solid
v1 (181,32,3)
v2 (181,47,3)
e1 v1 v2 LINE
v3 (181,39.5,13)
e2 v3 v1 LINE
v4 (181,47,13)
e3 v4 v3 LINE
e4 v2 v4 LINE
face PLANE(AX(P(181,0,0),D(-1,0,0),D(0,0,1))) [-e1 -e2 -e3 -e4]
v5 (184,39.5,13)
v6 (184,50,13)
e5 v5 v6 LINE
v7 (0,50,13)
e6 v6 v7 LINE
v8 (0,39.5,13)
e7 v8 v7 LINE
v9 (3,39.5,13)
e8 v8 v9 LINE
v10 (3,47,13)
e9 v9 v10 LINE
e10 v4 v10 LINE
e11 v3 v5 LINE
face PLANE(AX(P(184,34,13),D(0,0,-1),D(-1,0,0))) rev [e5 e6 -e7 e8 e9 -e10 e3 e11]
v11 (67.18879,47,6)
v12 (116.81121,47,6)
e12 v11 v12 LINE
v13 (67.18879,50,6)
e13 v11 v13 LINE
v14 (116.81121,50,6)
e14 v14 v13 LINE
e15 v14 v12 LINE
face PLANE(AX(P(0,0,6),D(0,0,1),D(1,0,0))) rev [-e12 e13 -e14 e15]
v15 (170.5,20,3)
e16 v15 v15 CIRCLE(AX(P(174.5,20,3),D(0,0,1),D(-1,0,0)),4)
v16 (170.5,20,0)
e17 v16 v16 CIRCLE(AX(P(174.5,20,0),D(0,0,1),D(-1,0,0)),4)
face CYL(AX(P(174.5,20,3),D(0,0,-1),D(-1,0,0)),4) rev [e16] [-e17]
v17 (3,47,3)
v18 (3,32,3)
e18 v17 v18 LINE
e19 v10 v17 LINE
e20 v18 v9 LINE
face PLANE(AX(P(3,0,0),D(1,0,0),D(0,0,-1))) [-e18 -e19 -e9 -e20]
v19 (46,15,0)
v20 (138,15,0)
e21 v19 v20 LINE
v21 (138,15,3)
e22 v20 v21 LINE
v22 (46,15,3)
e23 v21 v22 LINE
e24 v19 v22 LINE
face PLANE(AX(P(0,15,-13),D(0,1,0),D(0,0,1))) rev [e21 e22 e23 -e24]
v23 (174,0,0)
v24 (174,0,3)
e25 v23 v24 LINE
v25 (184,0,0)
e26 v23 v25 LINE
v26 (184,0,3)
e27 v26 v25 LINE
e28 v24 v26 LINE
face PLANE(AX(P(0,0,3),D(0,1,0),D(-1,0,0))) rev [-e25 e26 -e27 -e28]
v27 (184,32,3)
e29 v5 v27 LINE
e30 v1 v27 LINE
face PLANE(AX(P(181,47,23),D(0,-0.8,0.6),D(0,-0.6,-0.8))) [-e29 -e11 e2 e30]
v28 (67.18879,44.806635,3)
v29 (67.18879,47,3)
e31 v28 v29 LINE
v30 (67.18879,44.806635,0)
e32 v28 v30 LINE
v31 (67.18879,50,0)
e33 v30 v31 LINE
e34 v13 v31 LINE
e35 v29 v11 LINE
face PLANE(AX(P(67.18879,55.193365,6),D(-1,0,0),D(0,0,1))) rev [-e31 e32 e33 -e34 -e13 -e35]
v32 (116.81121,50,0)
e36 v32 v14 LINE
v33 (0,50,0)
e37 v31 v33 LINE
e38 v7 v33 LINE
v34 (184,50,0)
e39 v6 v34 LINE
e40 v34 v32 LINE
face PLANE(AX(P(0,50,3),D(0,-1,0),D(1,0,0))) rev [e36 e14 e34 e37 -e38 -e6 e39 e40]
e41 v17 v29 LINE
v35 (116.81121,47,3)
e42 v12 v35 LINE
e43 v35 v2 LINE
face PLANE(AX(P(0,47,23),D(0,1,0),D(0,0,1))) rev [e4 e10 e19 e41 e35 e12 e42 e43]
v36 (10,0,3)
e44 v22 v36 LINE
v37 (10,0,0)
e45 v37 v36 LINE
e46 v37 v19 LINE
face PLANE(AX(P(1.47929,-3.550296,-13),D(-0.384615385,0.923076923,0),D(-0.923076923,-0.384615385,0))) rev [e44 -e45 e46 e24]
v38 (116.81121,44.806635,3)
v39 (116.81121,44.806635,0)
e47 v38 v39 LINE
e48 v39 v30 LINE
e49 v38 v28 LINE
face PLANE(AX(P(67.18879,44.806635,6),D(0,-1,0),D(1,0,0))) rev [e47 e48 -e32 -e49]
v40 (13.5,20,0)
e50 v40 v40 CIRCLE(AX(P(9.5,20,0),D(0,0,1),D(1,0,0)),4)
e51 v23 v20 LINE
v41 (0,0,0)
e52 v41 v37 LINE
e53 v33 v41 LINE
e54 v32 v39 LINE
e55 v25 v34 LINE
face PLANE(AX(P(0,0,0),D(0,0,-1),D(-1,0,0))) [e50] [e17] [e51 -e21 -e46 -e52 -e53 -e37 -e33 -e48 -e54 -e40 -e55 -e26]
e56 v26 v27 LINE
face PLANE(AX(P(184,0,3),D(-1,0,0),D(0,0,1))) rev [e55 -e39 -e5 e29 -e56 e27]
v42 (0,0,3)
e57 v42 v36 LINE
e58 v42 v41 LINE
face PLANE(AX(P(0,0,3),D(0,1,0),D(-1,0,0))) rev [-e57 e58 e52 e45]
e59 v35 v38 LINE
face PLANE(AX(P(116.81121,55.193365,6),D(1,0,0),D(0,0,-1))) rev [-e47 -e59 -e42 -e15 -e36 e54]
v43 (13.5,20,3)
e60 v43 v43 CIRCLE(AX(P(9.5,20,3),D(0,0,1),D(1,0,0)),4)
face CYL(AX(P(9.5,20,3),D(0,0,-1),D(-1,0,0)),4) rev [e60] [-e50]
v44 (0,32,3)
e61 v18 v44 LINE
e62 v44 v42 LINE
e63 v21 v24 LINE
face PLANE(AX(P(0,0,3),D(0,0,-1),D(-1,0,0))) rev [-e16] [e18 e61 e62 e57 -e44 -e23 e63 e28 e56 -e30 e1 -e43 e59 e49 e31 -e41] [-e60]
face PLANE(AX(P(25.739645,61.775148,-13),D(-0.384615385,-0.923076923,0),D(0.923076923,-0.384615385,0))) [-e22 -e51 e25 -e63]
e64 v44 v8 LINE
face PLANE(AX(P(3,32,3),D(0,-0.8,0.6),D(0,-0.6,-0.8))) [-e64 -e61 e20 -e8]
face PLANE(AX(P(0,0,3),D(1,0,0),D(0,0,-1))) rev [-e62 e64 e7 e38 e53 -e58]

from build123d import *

# Parameters (mm, degrees)
SKETCH1_W           = 184
SKETCH1_H           = 50
SKETCH1_R           = 4
BOSS_EXTRUDE2_DEPTH = 3
SKETCH2_W           = 184
SKETCH2_H           = 3
BOSS_EXTRUDE3_DEPTH = 20
BOSS_EXTRUDE4_DEPTH = 3
BOSS_EXTRUDE5_DEPTH = 3
SKETCH5_W           = 49.622419658
SKETCH5_H           = 10.386730574
CUT_EXTRUDE3_DEPTH  = 6
SKETCH7_W           = 184
SKETCH7_H           = 10
CUT_EXTRUDE5_DEPTH  = 16
CUT_EXTRUDE7_DEPTH  = 16


with BuildPart() as part:
    # Sketch1 → Boss-Extrude2 (new body)
    with BuildSketch(Plane.XY):
        with Locations((92, 25)):
            Rectangle(SKETCH1_W, SKETCH1_H)
        with Locations((9.5, 20)):
            Circle(SKETCH1_R, mode=Mode.SUBTRACT)
        with Locations((174.5, 20)):
            Circle(SKETCH1_R, mode=Mode.SUBTRACT)
    extrude(amount=BOSS_EXTRUDE2_DEPTH)

    # Sketch2 → Boss-Extrude3 (add)
    with BuildSketch(Plane.XY.offset(3)):
        with Locations((92, 48.5)):
            Rectangle(SKETCH2_W, SKETCH2_H)
    extrude(amount=BOSS_EXTRUDE3_DEPTH)

    # Sketch3 → Boss-Extrude4 (add)
    with BuildSketch(Plane.ZY):
        Polygon((23, 47), (3, 47), (3, 32), align=None)
    extrude(amount=-BOSS_EXTRUDE4_DEPTH)

    # Sketch4 → Boss-Extrude5 (add)
    with BuildSketch(Plane(origin=(184, 0, 0), x_dir=(0, 0, -1), z_dir=(1, 0, 0))):
        Polygon((-23, 47), (-3, 32), (-3, 47), align=None)
    extrude(amount=-BOSS_EXTRUDE5_DEPTH)

    # Sketch5 → Cut-Extrude3 (cut)
    with BuildSketch(Plane(origin=(0, 0, 0), x_dir=(-1, 0, 0), z_dir=(0, 0, -1))):
        with Locations((-92, 50)):
            Rectangle(SKETCH5_W, SKETCH5_H)
    extrude(amount=-CUT_EXTRUDE3_DEPTH, mode=Mode.SUBTRACT)

    # Sketch7 → Cut-Extrude5 (cut)
    with BuildSketch(Plane(origin=(0, 50, 0), x_dir=(1, 0, 0), z_dir=(0, 1, 0))):
        with Locations((92, -18)):
            Rectangle(SKETCH7_W, SKETCH7_H)
    extrude(amount=-CUT_EXTRUDE5_DEPTH, mode=Mode.SUBTRACT)

    # Sketch8 → Cut-Extrude7 (cut)
    with BuildSketch(Plane.XY.offset(3)):
        Polygon((46, 15), (10, 0), (174, 0), (138, 15), align=None)
    extrude(amount=-CUT_EXTRUDE7_DEPTH, mode=Mode.SUBTRACT)


solid = part.part
